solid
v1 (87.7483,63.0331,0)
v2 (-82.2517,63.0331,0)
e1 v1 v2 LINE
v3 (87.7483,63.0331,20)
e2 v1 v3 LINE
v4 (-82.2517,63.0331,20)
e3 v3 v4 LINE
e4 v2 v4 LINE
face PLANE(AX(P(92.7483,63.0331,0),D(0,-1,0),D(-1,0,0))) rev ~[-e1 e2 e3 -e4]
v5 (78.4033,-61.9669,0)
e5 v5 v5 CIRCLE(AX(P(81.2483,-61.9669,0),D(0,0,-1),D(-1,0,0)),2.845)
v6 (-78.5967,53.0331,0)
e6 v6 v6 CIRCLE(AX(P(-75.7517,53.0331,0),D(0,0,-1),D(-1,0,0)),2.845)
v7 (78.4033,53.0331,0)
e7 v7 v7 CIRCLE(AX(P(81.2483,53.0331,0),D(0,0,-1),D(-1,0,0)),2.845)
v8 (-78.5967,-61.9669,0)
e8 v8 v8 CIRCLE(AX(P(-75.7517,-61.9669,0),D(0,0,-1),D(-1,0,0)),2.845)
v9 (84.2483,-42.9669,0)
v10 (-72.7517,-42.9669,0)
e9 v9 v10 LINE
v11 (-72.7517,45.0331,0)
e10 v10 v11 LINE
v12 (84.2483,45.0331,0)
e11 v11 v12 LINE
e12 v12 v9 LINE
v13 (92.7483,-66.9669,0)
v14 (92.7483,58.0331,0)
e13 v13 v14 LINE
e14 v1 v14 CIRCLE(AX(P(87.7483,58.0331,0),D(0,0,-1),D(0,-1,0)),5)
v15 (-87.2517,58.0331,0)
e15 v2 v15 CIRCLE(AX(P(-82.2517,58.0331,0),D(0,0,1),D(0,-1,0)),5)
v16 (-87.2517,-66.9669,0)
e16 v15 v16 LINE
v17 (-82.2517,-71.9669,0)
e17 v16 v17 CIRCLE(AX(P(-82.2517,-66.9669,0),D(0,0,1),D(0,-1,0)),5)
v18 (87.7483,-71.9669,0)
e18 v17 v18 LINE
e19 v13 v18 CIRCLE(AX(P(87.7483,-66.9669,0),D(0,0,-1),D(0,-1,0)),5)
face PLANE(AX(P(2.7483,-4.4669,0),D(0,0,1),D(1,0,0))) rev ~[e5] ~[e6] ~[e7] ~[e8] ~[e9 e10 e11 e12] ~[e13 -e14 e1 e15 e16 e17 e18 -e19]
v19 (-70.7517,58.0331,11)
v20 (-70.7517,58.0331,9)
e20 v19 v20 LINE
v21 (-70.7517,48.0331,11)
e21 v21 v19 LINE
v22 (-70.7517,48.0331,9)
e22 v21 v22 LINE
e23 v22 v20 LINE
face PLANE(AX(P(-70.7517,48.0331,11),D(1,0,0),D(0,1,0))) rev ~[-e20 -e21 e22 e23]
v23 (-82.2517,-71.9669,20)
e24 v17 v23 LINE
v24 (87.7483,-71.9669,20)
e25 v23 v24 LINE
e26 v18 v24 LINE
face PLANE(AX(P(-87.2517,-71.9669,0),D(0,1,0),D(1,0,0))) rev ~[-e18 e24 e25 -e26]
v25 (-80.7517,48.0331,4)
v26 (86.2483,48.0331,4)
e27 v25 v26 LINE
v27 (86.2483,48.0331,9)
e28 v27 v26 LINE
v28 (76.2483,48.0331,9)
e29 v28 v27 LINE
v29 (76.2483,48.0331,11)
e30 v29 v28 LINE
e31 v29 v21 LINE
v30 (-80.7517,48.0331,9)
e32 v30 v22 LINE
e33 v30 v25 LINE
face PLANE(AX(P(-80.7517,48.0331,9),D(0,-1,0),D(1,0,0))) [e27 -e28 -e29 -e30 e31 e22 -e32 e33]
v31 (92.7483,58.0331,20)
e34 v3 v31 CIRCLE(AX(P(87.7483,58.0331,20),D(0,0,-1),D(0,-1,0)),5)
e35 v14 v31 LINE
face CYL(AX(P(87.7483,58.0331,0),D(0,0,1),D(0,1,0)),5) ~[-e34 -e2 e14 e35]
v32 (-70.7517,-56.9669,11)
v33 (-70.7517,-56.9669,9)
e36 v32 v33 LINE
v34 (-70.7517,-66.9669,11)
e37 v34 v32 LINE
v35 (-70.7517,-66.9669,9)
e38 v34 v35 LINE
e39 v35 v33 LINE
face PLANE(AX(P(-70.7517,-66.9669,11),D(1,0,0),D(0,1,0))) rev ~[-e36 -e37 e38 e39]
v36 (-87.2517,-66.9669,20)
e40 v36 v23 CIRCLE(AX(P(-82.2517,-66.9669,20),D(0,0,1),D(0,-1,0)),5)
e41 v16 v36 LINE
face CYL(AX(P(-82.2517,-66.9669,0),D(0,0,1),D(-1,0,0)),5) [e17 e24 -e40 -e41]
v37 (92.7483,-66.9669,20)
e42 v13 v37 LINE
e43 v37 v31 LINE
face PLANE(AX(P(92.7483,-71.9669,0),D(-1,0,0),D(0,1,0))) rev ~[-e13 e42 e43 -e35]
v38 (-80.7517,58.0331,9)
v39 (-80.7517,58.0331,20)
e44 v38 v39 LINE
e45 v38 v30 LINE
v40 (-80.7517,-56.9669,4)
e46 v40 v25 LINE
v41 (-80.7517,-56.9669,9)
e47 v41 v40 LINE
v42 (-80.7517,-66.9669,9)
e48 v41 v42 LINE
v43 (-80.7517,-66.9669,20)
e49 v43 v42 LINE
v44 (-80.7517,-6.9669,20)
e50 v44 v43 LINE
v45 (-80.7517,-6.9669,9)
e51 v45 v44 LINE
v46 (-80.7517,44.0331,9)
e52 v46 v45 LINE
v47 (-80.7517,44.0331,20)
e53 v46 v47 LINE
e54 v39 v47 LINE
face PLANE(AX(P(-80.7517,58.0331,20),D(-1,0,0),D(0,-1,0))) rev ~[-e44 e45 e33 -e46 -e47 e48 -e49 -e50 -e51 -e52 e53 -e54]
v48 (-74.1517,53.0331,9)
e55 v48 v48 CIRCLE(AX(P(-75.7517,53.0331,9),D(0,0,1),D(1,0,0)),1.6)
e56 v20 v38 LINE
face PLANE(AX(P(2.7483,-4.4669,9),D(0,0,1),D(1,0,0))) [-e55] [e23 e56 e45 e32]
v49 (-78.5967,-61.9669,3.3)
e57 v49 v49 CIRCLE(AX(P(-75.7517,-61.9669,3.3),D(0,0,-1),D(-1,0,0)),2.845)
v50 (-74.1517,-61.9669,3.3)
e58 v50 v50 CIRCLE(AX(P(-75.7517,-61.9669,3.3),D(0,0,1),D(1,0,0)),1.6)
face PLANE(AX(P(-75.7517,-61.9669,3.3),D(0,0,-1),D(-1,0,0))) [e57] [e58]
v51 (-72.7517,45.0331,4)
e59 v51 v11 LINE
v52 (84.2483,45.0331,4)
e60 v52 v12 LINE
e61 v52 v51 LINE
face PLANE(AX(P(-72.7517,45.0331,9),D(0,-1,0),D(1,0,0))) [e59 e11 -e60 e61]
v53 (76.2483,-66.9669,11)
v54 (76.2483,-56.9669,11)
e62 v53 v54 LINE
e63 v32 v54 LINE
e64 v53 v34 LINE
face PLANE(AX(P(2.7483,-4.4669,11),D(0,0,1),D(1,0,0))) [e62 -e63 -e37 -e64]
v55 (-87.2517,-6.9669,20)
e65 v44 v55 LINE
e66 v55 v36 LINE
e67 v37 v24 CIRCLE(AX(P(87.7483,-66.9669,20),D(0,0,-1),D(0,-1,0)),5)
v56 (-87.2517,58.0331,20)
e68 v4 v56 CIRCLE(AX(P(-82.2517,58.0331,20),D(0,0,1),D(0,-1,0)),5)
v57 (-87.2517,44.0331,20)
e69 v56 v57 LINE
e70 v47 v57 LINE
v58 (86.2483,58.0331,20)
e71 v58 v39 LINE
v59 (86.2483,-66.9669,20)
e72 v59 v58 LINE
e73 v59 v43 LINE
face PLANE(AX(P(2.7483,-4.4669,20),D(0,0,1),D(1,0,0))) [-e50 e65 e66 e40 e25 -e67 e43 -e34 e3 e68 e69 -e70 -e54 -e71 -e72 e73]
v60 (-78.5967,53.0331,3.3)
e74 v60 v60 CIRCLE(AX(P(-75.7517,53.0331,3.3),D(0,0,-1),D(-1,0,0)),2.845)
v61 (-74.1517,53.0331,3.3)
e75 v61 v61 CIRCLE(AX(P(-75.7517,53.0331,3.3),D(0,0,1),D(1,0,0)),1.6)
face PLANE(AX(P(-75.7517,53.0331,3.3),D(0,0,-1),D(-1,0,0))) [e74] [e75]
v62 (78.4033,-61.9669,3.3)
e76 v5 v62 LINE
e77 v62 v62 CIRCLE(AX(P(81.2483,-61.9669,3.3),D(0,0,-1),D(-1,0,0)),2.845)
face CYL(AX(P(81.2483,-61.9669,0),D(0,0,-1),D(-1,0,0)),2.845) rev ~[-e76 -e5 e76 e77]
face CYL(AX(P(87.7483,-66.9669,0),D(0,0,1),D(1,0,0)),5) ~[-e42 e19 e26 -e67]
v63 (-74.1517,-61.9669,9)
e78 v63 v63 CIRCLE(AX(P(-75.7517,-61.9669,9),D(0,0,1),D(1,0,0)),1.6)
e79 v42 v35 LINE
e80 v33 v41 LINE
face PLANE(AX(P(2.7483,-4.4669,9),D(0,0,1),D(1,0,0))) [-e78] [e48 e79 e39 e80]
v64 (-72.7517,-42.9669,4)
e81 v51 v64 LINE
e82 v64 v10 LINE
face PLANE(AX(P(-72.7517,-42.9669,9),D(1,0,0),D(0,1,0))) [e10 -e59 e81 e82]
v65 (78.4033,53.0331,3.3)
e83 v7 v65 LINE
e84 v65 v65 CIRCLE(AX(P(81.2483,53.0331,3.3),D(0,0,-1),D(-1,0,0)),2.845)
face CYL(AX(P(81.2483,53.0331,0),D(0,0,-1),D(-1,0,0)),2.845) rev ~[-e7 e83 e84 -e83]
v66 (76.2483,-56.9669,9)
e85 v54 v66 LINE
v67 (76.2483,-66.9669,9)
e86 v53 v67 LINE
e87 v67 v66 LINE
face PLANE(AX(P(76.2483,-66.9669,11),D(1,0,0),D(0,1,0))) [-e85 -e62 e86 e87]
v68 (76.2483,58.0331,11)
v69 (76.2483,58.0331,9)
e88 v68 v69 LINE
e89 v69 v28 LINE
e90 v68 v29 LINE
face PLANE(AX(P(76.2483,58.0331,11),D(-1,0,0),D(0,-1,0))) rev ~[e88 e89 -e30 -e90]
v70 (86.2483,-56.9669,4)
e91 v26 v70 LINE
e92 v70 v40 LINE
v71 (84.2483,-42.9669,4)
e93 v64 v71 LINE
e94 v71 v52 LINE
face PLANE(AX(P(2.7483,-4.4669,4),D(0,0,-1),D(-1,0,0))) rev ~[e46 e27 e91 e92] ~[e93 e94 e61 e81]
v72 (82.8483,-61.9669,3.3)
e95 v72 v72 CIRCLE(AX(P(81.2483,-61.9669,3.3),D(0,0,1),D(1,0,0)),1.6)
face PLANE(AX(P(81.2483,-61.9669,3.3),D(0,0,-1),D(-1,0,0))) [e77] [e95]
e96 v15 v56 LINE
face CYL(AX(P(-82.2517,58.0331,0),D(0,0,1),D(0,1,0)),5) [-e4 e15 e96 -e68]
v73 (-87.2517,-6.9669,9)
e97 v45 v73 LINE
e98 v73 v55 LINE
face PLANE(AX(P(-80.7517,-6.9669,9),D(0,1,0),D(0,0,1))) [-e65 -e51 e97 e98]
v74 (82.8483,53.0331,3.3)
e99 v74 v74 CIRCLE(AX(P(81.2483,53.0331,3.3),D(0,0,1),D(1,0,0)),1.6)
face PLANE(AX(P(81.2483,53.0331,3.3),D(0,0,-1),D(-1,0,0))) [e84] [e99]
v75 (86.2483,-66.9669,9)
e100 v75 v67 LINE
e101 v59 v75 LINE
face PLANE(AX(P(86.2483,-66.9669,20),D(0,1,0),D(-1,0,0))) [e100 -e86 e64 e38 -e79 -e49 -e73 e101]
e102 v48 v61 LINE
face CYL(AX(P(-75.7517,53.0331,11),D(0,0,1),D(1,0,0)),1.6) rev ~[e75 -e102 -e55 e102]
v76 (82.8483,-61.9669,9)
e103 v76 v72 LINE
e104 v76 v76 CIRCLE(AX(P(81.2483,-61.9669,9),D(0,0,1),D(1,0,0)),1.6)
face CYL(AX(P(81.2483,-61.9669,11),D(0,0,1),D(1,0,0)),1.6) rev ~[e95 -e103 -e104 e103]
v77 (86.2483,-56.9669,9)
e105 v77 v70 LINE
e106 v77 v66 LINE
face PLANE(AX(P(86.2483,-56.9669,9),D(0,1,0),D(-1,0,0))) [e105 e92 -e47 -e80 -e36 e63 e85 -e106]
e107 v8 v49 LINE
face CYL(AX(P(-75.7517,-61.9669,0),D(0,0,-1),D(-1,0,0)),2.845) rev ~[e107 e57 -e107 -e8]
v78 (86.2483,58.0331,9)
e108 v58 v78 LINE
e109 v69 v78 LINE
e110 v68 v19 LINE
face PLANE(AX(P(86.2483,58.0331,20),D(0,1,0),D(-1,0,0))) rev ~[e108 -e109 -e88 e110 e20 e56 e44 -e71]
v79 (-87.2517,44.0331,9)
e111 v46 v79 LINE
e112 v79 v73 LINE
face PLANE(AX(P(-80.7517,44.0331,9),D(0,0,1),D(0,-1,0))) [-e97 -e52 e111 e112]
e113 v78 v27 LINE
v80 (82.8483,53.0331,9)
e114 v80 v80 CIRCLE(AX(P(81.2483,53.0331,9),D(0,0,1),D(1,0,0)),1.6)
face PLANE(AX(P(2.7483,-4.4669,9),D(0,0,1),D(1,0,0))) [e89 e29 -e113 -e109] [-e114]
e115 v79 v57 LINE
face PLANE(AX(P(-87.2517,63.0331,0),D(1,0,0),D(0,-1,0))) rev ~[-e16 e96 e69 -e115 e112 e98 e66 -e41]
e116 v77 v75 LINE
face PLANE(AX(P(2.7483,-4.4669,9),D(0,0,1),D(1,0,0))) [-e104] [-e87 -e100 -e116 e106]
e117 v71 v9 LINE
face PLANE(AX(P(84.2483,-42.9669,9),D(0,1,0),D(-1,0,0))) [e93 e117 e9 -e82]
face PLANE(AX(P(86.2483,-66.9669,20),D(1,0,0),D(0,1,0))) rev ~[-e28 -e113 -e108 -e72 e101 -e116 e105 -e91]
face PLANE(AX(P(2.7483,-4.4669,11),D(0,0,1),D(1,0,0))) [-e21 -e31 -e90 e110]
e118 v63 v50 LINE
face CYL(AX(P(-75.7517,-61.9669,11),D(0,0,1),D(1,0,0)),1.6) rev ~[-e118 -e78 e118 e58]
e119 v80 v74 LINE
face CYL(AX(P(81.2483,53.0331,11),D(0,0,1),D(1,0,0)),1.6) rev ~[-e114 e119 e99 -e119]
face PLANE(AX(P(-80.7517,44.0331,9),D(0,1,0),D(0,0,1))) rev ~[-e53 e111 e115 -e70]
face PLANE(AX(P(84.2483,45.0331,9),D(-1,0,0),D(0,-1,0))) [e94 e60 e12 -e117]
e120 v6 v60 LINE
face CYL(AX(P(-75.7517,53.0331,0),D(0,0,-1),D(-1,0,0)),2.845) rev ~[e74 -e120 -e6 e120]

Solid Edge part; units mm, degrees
sketch "Sketch1" plane through (0, 0, 0) normal (0, 0, 1) x (1, 0, 0)
  line L0 (92.7483, 63.0331) -> (-87.2517, 63.0331)
  line L1 (-87.2517, 63.0331) -> (-87.2517, -71.9669)
  line L2 (-87.2517, -71.9669) -> (92.7483, -71.9669)
  line L3 (92.7483, -71.9669) -> (92.7483, 63.0331)
extrude "Protrusion1" add sketch "Sketch1" along normal blind 20
sketch "Sketch2" plane through (2.7483, -4.4669, 20) normal (0, 0, 1) x (1, 0, 0)
  line L0 (-83.5, 62.5) -> (-83.5, -62.5)
  line L1 (83.5, -62.5) -> (-83.5, -62.5)
  line L2 (83.5, -62.5) -> (83.5, 62.5)
  line L3 (83.5, 62.5) -> (-83.5, 62.5)
extrude "ExtrudedCutout_2" cut sketch "Sketch2" against normal blind 9
sketch "Sketch3" plane through (2.7483, -4.4669, 11) normal (0, 0, 1) x (1, 0, 0)
  line L0 (73.5, 52.5) -> (-73.5, 52.5)
  line L1 (-73.5, 52.5) -> (-73.5, 62.5)
  line L2 (-73.5, 62.5) -> (-83.5, 62.5)
  line L3 (-83.5, 62.5) -> (-83.5, -62.5)
  line L4 (-83.5, -62.5) -> (-73.5, -62.5)
  line L5 (-73.5, -62.5) -> (-73.5, -52.5)
  line L6 (-73.5, -52.5) -> (73.5, -52.5)
  line L7 (73.5, -62.5) -> (73.5, -52.5)
  line L8 (83.5, -62.5) -> (73.5, -62.5)
  line L9 (83.5, 62.5) -> (83.5, -62.5)
  line L10 (73.5, 62.5) -> (83.5, 62.5)
  line L11 (73.5, 62.5) -> (73.5, 52.5)
extrude "ExtrudedCutout_3" cut sketch "Sketch3" against normal blind 2
sketch "Sketch4" plane through (2.7483, -4.4669, 11) normal (0, 0, 1) x (1, 0, 0)
  circle A0 centre (-78.5, 57.5) radius 1.6
  circle A1 centre (-78.5, -57.5) radius 1.6
  circle A2 centre (78.5, 57.5) radius 1.6
  circle A3 centre (78.5, -57.5) radius 1.6
  dimension "D1" = 3.2
  dimension "D2" = 3.2
  dimension "D3" = 3.2
  dimension "D4" = 3.2
  dimension "D5" = 157
  dimension "D6" = 115
  dimension "D7" = 5
  dimension "D8" = 5
  dimension "D9" = 5
  dimension "D10" = 5
  dimension "D11" = 10
  dimension "D12" = 10
  dimension "D13" = 10
  dimension "D14" = 10
  dimension "D15" = 10
  dimension "D16" = 10
  dimension "D17" = 10
extrude "Cutout1" cut sketch "Sketch4" against normal up to next
sketch "Sketch5" plane through (2.7483, -4.4669, 9) normal (0, 0, 1) x (1, 0, 0)
  line L0 (-83.5, 52.5) -> (83.5, 52.5)
  line L1 (83.5, 52.5) -> (83.5, -52.5)
  line L2 (83.5, -52.5) -> (-83.5, -52.5)
  line L3 (-83.5, -52.5) -> (-83.5, 52.5)
extrude "ExtrudedCutout_6" cut sketch "Sketch5" against normal blind 5
sketch "Sketch6" plane through (2.7483, -4.4669, 9) normal (0, 0, 1) x (1, 0, 0)
  line L0 (-75.5, 49.5) -> (81.5, 49.5)
  line L1 (81.5, 49.5) -> (81.5, -38.5)
  line L2 (81.5, -38.5) -> (-75.5, -38.5)
  line L3 (-75.5, -38.5) -> (-75.5, 49.5)
extrude "Cutout2" cut sketch "Sketch6" against normal through all
sketch "Sketch7" plane through (-80.7517, -4.4669, 12) normal (1, 0, 0) x (0, -1, 0)
  line L0 (-48.5, 3) -> (2.5, 3)
  line L1 (2.5, 3) -> (2.5, -8)
  line L2 (2.5, -8) -> (-48.5, -8)
  line L3 (-48.5, 3) -> (-48.5, -8)
extrude "Cutout3" cut sketch "Sketch7" against normal through all
sketch "Sketch8" plane through (2.7483, -4.4669, 0) normal (0, 0, -1) x (-1, 0, 0)
  circle A0 centre (-78.5, 57.5) radius 2.845
  circle A1 centre (-78.5, -57.5) radius 2.845
  circle A2 centre (78.5, -57.5) radius 2.845
  circle A3 centre (78.5, 57.5) radius 2.845
  dimension "D1" = 5.69
  dimension "D2" = 5.69
  dimension "D3" = 5.69
  dimension "D4" = 5.69
extrude "ExtrudedCutout_10" cut sketch "Sketch8" against normal blind 3.3
fillet "Round_1" radius 5 4 edges at (-87.2517, -71.9669, 10) (92.7483, -71.9669, 10) (92.7483, 63.0331, 10) (-87.2517, 63.0331, 10)
